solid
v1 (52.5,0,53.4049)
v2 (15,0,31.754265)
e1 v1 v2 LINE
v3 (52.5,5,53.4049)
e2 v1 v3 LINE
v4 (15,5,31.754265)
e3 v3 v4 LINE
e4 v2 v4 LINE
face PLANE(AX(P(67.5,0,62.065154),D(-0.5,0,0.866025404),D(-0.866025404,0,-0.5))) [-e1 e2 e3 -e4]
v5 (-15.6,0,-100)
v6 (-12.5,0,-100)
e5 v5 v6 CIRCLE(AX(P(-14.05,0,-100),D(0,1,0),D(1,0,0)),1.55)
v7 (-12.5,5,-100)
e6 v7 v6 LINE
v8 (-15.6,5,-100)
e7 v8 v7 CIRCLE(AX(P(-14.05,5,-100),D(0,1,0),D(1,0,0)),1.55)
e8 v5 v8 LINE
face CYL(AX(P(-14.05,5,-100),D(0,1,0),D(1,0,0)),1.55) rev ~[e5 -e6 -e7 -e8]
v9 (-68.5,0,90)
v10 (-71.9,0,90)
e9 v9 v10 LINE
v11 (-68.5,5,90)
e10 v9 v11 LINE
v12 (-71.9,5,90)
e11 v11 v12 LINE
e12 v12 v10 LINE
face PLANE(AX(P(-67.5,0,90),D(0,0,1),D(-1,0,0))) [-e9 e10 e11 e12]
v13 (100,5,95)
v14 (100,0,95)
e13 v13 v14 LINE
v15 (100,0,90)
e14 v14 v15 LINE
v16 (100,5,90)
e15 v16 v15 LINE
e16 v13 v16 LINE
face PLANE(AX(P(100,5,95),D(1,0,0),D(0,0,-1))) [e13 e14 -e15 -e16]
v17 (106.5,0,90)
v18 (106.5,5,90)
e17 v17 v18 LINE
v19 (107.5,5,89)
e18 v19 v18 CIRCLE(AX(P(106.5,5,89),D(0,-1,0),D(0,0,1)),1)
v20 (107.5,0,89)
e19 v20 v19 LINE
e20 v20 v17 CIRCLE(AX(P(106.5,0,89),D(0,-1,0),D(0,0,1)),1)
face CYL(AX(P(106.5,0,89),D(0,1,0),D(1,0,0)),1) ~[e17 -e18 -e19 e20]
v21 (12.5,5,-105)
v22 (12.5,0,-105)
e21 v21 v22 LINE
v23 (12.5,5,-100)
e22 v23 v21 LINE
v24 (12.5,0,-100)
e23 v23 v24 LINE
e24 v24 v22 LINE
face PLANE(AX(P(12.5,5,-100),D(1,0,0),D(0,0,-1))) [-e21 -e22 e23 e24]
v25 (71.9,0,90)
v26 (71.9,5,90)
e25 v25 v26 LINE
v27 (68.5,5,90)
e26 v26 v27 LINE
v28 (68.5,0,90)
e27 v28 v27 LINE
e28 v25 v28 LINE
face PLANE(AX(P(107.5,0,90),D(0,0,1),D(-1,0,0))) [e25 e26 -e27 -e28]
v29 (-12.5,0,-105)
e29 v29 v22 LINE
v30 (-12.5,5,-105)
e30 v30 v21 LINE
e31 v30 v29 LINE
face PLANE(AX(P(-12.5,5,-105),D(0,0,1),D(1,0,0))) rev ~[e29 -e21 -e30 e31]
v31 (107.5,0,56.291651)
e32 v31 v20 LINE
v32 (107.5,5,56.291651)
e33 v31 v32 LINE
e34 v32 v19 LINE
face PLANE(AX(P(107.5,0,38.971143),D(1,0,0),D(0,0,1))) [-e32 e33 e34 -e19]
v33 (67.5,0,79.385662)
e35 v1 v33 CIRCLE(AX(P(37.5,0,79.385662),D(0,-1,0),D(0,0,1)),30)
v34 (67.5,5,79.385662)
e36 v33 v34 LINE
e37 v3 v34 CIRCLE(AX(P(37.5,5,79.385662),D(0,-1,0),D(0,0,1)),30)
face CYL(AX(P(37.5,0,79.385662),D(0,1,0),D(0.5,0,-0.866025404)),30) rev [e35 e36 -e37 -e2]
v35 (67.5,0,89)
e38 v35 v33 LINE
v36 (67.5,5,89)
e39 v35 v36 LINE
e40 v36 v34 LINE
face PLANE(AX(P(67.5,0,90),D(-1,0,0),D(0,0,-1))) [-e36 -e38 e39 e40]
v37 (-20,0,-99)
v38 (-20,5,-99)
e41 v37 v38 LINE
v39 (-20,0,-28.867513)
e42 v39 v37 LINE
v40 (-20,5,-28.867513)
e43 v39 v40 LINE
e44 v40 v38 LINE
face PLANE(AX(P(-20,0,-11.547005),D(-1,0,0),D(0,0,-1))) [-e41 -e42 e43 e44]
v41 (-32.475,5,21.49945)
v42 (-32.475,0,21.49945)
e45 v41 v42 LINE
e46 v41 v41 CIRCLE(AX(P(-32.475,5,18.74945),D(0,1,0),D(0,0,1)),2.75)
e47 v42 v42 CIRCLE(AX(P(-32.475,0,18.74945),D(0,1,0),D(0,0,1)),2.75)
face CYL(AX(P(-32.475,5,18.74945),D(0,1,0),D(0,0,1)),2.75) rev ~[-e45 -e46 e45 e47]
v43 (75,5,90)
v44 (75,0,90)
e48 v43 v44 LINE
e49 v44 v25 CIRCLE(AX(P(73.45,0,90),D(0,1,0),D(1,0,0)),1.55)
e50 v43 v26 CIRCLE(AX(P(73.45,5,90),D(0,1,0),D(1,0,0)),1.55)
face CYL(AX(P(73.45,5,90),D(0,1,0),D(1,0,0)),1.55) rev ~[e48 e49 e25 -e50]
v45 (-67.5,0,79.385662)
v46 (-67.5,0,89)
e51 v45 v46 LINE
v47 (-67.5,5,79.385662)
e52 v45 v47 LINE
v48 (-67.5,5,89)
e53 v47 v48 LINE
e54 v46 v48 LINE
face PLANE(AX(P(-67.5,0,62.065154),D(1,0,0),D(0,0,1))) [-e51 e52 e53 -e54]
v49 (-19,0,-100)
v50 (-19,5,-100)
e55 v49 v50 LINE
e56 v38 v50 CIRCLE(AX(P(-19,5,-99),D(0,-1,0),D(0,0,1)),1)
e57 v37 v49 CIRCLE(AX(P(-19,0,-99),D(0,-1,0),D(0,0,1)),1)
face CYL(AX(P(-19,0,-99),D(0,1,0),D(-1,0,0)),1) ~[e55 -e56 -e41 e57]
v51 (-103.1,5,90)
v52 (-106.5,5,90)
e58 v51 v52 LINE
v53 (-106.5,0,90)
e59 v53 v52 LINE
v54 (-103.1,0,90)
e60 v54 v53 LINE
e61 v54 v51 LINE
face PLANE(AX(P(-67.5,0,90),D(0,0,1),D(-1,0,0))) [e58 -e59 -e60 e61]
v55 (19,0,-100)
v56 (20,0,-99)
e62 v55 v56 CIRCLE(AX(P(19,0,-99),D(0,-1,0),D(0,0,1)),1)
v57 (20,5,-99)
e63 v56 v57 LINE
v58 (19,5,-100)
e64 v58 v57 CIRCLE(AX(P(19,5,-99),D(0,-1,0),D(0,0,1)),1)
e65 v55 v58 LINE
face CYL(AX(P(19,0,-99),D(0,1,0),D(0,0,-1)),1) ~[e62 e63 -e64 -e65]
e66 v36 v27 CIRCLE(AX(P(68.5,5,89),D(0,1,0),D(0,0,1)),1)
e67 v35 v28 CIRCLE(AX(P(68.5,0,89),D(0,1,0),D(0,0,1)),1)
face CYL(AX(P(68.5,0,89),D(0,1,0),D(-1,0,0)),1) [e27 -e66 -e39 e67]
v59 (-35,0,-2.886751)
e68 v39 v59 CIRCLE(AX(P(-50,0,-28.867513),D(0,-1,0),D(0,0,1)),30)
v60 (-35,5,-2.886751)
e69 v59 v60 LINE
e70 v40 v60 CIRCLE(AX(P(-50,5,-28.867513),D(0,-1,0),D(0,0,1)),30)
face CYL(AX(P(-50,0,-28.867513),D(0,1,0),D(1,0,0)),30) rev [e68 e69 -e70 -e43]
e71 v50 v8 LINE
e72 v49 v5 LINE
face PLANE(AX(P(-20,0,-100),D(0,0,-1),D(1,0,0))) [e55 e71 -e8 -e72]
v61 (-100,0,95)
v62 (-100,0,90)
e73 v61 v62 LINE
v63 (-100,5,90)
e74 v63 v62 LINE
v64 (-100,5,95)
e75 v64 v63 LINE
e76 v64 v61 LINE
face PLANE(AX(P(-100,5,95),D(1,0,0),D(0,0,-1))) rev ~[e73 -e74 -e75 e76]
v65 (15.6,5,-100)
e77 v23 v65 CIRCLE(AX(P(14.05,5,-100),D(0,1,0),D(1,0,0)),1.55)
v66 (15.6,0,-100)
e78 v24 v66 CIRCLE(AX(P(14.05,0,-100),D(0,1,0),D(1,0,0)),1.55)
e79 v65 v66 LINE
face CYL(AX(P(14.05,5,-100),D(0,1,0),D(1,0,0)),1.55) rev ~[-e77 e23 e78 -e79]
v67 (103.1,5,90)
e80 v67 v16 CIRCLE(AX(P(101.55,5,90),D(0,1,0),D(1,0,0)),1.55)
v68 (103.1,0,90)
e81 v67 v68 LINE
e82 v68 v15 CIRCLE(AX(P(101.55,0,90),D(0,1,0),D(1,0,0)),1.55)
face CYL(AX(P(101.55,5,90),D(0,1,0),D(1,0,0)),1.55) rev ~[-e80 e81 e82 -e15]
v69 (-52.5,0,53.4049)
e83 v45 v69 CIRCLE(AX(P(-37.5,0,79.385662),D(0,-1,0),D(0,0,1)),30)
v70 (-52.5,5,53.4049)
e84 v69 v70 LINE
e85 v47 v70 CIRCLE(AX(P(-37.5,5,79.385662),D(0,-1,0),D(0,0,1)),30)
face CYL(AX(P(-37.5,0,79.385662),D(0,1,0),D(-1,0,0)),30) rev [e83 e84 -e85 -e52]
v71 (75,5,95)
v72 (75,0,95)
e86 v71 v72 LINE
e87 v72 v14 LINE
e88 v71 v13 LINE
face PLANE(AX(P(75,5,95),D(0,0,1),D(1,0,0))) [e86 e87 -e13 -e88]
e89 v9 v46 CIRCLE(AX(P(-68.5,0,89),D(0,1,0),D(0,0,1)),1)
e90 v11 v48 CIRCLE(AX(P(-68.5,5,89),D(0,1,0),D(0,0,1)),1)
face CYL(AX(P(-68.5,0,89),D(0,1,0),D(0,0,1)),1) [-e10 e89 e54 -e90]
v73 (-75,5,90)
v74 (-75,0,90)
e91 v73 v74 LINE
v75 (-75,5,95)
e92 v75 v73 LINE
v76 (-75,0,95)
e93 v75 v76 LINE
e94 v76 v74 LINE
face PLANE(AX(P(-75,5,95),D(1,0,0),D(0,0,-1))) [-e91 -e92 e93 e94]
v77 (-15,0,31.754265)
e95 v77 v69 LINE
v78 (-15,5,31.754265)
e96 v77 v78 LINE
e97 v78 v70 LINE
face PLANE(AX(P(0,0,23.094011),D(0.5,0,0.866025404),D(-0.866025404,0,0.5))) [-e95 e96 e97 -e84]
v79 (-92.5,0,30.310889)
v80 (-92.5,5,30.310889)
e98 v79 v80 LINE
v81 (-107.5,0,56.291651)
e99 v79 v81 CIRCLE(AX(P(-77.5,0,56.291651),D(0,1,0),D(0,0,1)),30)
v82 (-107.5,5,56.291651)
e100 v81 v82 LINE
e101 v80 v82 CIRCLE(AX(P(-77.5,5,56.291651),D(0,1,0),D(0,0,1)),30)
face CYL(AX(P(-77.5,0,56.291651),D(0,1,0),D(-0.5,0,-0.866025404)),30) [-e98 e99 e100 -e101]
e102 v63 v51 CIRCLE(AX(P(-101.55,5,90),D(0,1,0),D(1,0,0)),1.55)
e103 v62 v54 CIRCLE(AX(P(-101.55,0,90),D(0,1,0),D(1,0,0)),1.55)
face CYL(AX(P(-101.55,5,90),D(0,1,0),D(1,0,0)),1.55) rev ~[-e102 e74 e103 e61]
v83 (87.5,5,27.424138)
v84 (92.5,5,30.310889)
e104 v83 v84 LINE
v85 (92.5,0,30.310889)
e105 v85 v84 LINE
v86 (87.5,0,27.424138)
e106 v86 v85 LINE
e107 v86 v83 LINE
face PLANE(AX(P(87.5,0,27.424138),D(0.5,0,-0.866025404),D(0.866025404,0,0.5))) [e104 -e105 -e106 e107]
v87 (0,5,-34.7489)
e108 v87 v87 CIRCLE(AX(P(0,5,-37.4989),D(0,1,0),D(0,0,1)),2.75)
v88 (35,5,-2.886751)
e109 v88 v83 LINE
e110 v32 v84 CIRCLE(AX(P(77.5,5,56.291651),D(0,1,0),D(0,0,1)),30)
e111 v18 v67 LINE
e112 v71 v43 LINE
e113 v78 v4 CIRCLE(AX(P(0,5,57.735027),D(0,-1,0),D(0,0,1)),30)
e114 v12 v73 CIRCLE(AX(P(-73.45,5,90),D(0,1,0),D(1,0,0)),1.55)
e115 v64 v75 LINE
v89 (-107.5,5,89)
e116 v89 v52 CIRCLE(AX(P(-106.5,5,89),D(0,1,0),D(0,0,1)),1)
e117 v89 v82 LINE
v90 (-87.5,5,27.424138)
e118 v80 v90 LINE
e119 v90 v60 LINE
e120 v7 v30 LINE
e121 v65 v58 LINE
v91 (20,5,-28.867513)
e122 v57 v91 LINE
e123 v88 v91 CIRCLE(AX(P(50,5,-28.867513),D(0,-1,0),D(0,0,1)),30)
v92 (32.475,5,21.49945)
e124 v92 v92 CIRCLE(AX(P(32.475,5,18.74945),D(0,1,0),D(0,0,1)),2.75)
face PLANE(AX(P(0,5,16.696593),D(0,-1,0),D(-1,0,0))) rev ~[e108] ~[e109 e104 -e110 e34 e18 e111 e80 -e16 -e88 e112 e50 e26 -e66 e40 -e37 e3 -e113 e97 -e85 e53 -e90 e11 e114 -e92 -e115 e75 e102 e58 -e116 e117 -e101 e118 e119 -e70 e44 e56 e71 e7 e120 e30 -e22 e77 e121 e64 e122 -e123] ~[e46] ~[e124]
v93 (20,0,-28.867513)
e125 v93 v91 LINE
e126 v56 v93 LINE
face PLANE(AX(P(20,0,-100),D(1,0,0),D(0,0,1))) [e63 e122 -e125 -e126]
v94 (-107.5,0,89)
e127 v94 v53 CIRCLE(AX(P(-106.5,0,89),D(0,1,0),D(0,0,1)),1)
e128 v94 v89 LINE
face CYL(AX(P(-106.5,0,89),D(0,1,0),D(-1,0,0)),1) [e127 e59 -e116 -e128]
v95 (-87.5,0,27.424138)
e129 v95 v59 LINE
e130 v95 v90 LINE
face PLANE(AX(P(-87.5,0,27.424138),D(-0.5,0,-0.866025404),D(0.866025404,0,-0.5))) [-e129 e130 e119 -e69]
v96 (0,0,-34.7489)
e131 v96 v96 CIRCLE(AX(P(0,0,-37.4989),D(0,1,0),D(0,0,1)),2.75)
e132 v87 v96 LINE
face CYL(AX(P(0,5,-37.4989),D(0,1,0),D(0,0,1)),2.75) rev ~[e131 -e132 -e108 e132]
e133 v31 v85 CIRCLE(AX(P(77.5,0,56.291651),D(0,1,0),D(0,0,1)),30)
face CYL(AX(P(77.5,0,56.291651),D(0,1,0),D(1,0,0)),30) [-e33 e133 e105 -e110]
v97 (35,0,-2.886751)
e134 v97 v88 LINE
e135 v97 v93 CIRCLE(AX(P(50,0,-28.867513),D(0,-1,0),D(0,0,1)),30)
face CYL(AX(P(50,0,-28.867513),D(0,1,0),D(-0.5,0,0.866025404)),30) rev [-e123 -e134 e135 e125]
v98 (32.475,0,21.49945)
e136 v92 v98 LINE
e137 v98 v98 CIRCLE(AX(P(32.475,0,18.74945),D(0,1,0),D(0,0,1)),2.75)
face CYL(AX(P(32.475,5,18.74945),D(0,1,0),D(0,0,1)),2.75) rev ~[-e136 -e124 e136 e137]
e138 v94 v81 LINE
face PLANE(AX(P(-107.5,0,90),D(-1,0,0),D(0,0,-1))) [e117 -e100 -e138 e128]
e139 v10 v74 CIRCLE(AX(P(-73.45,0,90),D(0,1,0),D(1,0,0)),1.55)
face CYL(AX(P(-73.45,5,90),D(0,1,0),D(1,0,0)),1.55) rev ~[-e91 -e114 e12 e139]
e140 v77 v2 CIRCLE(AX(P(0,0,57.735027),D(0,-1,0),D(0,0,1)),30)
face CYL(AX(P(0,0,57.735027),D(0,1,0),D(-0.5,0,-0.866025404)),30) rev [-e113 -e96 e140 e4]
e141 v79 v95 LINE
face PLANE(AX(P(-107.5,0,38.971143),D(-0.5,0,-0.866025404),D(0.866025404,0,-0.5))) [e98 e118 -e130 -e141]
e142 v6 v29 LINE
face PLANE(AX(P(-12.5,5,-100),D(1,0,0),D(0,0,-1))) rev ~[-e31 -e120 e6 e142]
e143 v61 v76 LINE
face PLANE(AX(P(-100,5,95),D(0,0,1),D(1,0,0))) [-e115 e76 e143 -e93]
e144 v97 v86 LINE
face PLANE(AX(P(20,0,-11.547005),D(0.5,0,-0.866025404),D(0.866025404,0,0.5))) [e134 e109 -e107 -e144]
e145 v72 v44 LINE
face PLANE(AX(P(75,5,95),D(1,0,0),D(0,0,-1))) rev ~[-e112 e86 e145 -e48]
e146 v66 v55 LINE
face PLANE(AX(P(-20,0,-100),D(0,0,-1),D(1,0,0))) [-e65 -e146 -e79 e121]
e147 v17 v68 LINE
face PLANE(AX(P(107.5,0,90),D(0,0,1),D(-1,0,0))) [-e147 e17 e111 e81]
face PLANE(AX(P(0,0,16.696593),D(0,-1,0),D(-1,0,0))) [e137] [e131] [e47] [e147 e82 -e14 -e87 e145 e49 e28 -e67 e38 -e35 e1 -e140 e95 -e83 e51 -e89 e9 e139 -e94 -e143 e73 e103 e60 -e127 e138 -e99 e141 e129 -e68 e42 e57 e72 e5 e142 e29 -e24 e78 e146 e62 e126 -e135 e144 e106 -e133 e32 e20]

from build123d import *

# Parameters (mm, degrees)
EXTRUDE_1_DEPTH     = 5
SKETCH_3_R          = 2.75
CUT_EXTRUDE_1_DEPTH = 5
SKETCH_4_W          = 25
SKETCH_4_H          = 5
EXTRUDE_2_DEPTH     = 5
SKETCH_5_R          = 1.55
CUT_EXTRUDE_2_DEPTH = 5
FILLET_1_R          = 30
FILLET_2_R          = 1


with BuildPart() as part:
    # 草图1 → 凸台-拉伸1 (new body)
    with BuildSketch(Plane(origin=(0, 0, 0), x_dir=(1, 0, 0), z_dir=(0, 1, 0))):
        Polygon((-20, 100), (20, 100), (20, 11.547005384), (87.5, -27.424137787), (107.5, -38.97114317), (107.5, -90), (67.5, -90), (67.5, -62.065153938), (0, -23.094010768), (-67.5, -62.065153938), (-67.5, -90), (-107.5, -90), (-107.5, -38.97114317), (-87.5, -27.424137787), (-20, 11.547005384), align=None)
    extrude(amount=EXTRUDE_1_DEPTH)

    # 草图3 → 切除-拉伸1 (cut)
    with BuildSketch(Plane(origin=(0, 5, 0), x_dir=(1, 0, 0), z_dir=(0, 1, 0))):
        with Locations(Location((0, 37.498899984, 0), (0, 0, 270))):
            Circle(SKETCH_3_R)
        with Locations(Location((32.475, -18.749449992, 0), (0, 0, 270))):
            Circle(SKETCH_3_R)
        with Locations(Location((-32.475, -18.749449992, 0), (0, 0, 270))):
            Circle(SKETCH_3_R)
    extrude(amount=-CUT_EXTRUDE_1_DEPTH, mode=Mode.SUBTRACT)

    # 草图4 → 凸台-拉伸2 (add)
    with BuildSketch(Plane(origin=(0, 5, 0), x_dir=(1, 0, 0), z_dir=(0, 1, 0))):
        with Locations((-87.5, -92.5)):
            Rectangle(SKETCH_4_W, SKETCH_4_H)
        with Locations((87.5, -92.5)):
            Rectangle(SKETCH_4_W, SKETCH_4_H)
        with Locations((0, 102.5)):
            Rectangle(SKETCH_4_W, SKETCH_4_H)
    extrude(amount=-EXTRUDE_2_DEPTH)

    # 草图5 → 切除-拉伸2 (cut)
    with BuildSketch(Plane(origin=(0, 5, 0), x_dir=(1, 0, 0), z_dir=(0, 1, 0))):
        with Locations((14.05, 100)):
            Circle(SKETCH_5_R)
        with Locations((-14.05, 100)):
            Circle(SKETCH_5_R)
        with Locations((-73.45, -90)):
            Circle(SKETCH_5_R)
        with Locations((-101.55, -90)):
            Circle(SKETCH_5_R)
        with Locations((101.55, -90)):
            Circle(SKETCH_5_R)
        with Locations((73.45, -90)):
            Circle(SKETCH_5_R)
    extrude(amount=-CUT_EXTRUDE_2_DEPTH, mode=Mode.SUBTRACT)

    # 圆角1
    fillet_1_edges = [part.edges().sort_by_distance(p)[0] for p in [
        (-20, 2.5, -11.547005384),
        (20, 2.5, -11.547005384),
        (107.5, 2.5, 38.97114317),
        (67.5, 2.5, 62.065153938),
        (0, 2.5, 23.094010768),
        (-67.5, 2.5, 62.065153938),
        (-107.5, 2.5, 38.97114317),
    ]]
    fillet(fillet_1_edges, radius=FILLET_1_R)

    # 圆角2
    fillet_2_edges = [part.edges().sort_by_distance(p)[0] for p in [
        (-20, 2.5, -100),
        (20, 2.5, -100),
        (107.5, 2.5, 90),
        (67.5, 2.5, 90),
        (-67.5, 2.5, 90),
        (-107.5, 2.5, 90),
    ]]
    fillet(fillet_2_edges, radius=FILLET_2_R)


solid = part.part
